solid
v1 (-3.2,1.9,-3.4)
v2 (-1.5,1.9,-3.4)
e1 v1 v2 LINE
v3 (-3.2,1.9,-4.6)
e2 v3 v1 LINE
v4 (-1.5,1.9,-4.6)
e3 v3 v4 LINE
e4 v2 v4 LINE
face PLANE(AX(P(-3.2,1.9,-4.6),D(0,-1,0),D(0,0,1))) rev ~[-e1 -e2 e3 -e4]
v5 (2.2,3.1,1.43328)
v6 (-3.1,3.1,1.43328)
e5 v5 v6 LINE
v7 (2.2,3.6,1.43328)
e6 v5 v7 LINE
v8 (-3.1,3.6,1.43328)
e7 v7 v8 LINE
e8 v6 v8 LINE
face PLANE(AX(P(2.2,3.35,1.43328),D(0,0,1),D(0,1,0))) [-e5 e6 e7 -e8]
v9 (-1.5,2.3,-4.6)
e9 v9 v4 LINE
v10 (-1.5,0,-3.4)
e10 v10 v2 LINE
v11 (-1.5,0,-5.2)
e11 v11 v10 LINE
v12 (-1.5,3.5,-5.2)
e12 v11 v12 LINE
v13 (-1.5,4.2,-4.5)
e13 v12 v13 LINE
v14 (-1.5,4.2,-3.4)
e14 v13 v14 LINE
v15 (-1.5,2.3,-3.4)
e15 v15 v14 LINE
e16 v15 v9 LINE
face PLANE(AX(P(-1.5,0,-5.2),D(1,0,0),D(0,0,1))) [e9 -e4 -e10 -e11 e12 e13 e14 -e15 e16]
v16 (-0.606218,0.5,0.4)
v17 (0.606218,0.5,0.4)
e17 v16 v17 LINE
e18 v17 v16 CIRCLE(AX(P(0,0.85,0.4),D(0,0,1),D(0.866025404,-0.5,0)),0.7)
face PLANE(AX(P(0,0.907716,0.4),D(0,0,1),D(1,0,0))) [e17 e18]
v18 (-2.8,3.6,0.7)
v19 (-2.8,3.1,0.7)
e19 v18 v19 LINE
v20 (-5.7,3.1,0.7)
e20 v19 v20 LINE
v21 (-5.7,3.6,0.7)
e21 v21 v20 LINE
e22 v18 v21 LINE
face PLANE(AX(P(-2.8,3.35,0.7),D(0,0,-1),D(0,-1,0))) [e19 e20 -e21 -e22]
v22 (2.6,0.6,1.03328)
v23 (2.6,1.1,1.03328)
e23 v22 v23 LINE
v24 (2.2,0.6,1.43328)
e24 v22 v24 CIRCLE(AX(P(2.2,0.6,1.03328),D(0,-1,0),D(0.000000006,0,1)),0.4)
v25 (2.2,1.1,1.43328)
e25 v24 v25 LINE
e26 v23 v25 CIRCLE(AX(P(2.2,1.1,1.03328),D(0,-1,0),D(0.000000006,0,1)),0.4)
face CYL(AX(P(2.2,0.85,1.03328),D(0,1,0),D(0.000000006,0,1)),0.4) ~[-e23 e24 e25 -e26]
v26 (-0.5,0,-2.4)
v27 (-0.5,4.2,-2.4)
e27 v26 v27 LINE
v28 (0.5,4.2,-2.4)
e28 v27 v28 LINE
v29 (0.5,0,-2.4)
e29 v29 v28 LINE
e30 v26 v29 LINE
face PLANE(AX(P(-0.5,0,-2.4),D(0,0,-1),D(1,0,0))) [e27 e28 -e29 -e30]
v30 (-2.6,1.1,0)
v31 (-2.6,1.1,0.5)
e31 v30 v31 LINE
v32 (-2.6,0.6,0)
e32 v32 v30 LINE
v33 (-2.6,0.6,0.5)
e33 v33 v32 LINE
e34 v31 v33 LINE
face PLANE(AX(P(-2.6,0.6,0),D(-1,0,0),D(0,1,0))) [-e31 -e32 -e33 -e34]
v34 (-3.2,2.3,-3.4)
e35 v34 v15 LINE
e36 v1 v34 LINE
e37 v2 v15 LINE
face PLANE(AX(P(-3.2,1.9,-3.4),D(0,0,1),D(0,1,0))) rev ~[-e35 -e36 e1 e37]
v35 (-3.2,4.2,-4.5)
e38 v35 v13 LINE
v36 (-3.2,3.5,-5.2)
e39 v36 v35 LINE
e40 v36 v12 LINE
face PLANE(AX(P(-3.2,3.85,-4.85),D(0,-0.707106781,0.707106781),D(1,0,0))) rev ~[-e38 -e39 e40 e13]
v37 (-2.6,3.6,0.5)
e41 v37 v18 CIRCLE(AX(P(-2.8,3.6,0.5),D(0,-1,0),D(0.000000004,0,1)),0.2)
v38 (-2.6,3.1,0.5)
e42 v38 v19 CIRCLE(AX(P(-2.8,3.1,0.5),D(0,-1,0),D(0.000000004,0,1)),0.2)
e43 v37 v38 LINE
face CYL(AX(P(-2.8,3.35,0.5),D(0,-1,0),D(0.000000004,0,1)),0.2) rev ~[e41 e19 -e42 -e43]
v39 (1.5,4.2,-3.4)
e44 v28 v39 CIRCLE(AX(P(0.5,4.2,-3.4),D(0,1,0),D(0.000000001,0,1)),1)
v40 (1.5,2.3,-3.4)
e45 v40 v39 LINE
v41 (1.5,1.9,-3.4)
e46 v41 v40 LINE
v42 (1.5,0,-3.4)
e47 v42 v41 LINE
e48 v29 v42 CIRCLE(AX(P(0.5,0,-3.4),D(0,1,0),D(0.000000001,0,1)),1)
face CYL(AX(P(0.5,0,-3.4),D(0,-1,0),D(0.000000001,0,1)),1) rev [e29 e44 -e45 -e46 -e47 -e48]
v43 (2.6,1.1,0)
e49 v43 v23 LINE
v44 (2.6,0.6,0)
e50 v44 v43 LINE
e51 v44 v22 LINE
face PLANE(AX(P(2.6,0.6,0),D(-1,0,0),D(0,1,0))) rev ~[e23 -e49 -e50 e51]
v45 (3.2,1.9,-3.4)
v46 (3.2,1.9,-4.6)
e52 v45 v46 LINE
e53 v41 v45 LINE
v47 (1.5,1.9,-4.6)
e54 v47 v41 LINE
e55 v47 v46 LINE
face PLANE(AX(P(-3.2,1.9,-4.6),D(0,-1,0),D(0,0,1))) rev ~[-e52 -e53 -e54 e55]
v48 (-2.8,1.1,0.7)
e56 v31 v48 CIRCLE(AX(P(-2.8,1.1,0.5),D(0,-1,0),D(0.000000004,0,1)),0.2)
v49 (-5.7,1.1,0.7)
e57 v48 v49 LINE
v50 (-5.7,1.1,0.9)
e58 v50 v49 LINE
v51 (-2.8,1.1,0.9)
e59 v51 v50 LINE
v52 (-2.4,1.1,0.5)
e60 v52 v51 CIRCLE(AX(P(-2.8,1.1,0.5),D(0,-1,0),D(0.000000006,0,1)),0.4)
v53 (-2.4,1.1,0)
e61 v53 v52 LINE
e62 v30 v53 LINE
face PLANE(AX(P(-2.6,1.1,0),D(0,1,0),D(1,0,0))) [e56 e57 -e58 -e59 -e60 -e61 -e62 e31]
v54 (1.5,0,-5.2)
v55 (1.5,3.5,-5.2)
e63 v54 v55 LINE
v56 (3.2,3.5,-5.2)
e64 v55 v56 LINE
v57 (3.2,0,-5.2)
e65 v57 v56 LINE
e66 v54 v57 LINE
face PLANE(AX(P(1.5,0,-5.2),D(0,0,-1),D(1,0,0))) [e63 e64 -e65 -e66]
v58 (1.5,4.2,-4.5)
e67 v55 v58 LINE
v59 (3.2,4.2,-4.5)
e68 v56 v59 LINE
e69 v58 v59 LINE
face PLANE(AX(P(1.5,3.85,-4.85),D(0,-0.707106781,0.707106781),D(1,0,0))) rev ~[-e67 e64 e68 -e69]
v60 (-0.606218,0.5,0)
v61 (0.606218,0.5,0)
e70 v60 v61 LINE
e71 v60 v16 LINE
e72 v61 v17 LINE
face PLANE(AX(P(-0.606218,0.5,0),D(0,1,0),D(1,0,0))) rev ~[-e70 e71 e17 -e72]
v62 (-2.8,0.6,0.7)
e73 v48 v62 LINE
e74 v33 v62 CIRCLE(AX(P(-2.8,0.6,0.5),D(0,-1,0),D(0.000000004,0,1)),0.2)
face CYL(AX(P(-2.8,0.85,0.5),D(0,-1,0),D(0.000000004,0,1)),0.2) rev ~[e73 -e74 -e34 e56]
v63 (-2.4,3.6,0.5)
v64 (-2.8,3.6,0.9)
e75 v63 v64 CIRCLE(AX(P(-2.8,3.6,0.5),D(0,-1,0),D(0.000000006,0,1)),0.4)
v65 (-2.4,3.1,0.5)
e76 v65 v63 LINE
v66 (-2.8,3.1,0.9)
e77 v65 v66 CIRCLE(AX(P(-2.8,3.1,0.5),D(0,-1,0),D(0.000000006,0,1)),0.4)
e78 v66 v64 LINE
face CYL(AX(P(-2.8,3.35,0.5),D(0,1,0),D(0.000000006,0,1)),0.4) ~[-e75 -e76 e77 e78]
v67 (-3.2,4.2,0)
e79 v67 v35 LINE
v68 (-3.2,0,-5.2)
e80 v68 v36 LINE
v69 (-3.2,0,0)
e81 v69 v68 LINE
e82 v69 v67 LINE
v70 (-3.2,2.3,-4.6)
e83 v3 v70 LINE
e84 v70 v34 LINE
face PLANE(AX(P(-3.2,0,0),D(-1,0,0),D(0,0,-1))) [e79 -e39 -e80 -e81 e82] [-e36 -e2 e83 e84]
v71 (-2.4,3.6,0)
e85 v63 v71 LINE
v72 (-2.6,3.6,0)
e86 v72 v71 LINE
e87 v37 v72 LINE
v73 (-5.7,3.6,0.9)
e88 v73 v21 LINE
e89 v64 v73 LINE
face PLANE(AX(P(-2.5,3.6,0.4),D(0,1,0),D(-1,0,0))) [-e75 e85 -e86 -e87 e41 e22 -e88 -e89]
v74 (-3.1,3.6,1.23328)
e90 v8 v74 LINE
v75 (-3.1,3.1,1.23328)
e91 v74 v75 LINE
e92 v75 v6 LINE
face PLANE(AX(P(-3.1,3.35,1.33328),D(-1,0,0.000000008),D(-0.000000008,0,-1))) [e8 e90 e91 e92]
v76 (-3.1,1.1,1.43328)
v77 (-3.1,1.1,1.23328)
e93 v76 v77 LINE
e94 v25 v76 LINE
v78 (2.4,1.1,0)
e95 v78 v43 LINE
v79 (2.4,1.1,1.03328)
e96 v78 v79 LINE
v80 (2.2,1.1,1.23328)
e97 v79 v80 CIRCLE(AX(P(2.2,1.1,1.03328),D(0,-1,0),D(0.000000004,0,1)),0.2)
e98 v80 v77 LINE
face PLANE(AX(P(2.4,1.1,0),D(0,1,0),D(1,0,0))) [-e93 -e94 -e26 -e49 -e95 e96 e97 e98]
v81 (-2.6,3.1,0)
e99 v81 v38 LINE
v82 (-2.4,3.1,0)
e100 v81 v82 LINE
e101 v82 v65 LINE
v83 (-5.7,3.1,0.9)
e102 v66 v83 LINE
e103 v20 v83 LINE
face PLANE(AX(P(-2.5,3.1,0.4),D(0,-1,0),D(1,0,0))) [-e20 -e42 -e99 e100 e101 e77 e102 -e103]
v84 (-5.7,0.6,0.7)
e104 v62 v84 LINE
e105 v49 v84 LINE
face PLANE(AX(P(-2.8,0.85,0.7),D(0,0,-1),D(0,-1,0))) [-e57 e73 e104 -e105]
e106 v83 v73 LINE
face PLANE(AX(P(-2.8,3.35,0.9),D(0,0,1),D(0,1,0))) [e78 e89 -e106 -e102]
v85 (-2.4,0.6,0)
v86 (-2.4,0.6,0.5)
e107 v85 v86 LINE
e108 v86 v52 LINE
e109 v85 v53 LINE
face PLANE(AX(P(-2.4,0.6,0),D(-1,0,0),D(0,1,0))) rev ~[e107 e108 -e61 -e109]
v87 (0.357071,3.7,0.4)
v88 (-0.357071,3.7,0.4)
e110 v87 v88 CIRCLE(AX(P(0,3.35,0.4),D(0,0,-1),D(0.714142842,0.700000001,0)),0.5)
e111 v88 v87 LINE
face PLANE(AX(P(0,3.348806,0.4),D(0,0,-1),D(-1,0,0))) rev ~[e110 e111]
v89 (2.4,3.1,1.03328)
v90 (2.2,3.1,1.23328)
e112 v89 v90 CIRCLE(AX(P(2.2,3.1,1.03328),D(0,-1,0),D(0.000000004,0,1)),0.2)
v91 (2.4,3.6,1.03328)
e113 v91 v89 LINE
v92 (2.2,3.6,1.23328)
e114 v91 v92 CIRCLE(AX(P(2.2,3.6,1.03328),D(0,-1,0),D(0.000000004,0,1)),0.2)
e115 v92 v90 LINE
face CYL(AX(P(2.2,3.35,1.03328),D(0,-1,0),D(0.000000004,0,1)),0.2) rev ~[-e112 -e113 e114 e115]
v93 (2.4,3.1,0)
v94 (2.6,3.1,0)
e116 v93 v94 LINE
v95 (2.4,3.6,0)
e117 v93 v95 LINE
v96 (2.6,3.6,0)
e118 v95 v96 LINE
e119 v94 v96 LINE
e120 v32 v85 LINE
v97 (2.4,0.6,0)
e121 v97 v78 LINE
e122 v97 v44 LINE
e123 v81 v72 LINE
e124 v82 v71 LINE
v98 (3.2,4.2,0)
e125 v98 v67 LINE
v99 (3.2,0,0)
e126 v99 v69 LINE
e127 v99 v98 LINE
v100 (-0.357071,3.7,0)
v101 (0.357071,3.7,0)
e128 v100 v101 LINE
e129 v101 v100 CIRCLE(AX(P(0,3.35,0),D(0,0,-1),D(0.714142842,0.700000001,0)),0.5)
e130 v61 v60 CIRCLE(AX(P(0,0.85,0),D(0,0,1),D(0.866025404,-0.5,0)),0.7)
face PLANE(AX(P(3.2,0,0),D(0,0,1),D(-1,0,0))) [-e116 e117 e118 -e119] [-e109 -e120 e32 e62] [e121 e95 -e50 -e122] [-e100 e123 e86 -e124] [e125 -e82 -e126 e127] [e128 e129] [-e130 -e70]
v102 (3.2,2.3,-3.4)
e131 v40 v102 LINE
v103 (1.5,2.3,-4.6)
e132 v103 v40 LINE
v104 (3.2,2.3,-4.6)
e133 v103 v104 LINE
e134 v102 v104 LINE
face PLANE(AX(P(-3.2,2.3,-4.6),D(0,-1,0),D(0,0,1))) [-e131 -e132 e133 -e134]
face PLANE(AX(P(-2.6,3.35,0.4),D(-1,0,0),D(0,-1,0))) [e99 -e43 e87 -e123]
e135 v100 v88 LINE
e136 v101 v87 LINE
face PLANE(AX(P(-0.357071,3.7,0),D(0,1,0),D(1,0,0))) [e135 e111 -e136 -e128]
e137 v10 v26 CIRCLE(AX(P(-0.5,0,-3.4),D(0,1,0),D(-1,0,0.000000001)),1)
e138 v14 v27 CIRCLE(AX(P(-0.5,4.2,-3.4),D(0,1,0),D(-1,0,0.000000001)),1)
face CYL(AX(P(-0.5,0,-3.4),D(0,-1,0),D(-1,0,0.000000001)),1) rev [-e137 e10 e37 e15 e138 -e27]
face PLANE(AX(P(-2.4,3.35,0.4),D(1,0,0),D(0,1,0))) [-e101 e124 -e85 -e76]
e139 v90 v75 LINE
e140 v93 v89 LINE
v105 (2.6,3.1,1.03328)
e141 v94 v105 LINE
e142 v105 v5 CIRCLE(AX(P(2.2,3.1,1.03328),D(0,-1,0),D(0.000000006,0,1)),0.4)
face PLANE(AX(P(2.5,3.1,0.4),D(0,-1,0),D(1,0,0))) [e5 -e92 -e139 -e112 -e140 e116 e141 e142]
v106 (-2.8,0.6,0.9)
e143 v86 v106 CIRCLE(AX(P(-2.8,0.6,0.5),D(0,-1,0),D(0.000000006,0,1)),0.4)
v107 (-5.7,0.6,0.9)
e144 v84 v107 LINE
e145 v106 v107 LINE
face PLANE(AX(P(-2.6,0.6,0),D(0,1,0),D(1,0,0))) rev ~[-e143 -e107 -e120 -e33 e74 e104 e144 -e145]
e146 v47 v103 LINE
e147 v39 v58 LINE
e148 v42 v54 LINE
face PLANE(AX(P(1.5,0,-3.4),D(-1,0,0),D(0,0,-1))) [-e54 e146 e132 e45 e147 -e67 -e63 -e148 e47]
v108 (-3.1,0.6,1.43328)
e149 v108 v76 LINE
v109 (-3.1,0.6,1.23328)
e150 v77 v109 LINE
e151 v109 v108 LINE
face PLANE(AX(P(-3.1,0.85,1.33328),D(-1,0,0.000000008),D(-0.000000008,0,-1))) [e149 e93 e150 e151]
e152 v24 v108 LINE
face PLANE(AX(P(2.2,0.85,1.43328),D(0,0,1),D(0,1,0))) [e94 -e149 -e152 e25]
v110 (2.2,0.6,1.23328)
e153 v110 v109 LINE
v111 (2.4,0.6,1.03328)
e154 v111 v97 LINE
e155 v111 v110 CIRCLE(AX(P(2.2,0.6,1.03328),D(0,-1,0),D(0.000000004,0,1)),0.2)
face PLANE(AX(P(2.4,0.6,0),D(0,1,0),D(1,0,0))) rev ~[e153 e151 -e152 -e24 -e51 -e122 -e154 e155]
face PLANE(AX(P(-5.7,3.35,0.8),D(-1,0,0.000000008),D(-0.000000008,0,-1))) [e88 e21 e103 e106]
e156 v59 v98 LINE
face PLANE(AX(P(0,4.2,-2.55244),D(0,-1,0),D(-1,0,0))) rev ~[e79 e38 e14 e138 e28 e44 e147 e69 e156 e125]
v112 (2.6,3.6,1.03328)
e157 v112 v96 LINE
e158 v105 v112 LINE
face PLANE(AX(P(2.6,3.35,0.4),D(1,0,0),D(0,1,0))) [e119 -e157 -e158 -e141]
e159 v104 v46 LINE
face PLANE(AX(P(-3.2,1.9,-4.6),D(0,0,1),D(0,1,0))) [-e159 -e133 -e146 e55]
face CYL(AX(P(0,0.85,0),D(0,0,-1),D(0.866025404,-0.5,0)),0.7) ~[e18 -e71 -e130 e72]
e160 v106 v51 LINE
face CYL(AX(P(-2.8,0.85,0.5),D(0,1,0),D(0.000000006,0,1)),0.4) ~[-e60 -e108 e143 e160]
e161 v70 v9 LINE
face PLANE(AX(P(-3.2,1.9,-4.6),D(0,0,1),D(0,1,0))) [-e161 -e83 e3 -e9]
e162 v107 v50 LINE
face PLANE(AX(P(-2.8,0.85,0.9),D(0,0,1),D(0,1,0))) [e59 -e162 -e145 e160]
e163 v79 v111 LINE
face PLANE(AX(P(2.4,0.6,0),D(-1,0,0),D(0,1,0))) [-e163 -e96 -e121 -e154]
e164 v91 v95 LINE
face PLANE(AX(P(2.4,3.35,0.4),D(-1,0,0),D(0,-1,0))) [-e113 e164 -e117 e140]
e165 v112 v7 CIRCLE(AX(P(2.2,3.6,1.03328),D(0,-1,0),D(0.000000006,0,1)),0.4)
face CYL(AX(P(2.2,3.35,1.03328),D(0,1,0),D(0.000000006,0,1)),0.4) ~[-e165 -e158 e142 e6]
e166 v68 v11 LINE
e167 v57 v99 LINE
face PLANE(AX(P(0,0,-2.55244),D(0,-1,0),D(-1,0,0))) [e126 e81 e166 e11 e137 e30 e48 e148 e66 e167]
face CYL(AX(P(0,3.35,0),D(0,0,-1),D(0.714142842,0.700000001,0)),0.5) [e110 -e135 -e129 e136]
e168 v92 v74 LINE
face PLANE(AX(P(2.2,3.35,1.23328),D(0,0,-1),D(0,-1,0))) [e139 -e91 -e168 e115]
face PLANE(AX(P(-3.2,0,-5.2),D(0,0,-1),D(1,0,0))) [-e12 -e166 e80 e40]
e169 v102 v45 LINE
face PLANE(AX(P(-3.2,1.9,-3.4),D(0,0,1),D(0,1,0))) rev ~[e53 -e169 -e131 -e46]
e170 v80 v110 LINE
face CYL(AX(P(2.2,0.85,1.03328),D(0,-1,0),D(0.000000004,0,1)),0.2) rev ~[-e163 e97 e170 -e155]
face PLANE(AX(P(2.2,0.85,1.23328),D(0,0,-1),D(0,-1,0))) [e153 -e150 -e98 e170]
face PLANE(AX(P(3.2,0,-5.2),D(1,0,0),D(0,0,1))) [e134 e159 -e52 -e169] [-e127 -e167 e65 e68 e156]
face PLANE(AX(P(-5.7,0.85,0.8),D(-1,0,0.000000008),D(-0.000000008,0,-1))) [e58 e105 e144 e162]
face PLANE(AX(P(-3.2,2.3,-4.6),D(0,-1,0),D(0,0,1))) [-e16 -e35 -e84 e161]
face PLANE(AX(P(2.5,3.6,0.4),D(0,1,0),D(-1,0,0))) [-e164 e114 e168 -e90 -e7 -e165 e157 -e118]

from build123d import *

# Parameters (mm, degrees)
EXTRUDE_1_DEPTH     = 4.2
CHAMFER_1_SIZE      = 0.7
SKETCH_2_W          = 1.2
SKETCH_2_H          = 0.4
CUT_EXTRUDE_1_DEPTH = 7.4
SKETCH_3_W          = 0.2
SKETCH_3_H          = 0.5
EXTRUDE_2_DEPTH     = 0.4
SKETCH_4_W          = 0.2
SKETCH_4_H          = 0.5
SKETCH_5_W          = 0.2
SKETCH_5_H          = 0.5


with BuildPart() as part:
    # Эскиз1 → Бобышка-Вытянуть1 (new body)
    with BuildSketch(Plane(origin=(0, 0, 0), x_dir=(1, 0, 0), z_dir=(0, 1, 0))):
        with BuildLine():
            Line((-3.2, 0), (-3.2, 5.2))
            Line((-3.2, 5.2), (-1.5, 5.2))
            Line((-1.5, 5.2), (-1.5, 3.4))
            ThreePointArc((-1.5, 3.4), (-1.207106781, 2.692893219), (-0.5, 2.4))
            Line((-0.5, 2.4), (0.5, 2.4))
            ThreePointArc((0.5, 2.4), (1.207106781, 2.692893219), (1.5, 3.4))
            Line((1.5, 3.4), (1.5, 5.2))
            Line((1.5, 5.2), (3.2, 5.2))
            Line((3.2, 5.2), (3.2, 0))
            Line((3.2, 0), (-3.2, 0))
        make_face()
    extrude(amount=EXTRUDE_1_DEPTH)

    # Фаска1
    chamfer_1_edges = [part.edges().sort_by_distance(p)[0] for p in [
        (2.35, 4.2, -5.2),
        (-2.35, 4.2, -5.2),
    ]]
    chamfer(chamfer_1_edges, length=CHAMFER_1_SIZE)

    # Эскиз2 → Вырез-Вытянуть1 (cut, through all)
    with BuildSketch(Plane.ZY.offset(3.2)):
        with Locations((-4, 2.1)):
            Rectangle(SKETCH_2_W, SKETCH_2_H)
    extrude(amount=-CUT_EXTRUDE_1_DEPTH, mode=Mode.SUBTRACT)

    # Эскиз3 → Бобышка-Вытянуть2 (add)
    with BuildSketch(Plane.XY):
        with BuildLine():
            Line((-0.357071421, 3.7), (0.357071421, 3.7))
            ThreePointArc((0.357071421, 3.7), (0, 2.85), (-0.357071421, 3.7))
        make_face()
        with BuildLine():
            Line((-0.606217783, 0.5), (0.606217783, 0.5))
            ThreePointArc((0.606217783, 0.5), (0, 1.55), (-0.606217783, 0.5))
        make_face()
        with Locations((-2.5, 3.35)):
            Rectangle(SKETCH_3_W, SKETCH_3_H)
        with Locations((2.5, 3.35)):
            Rectangle(SKETCH_3_W, SKETCH_3_H)
        with Locations((2.5, 0.85)):
            Rectangle(SKETCH_3_W, SKETCH_3_H)
        with Locations((-2.5, 0.85)):
            Rectangle(SKETCH_3_W, SKETCH_3_H)
    extrude(amount=EXTRUDE_2_DEPTH)

    # По траектории1: sweep along a curve in space
    with BuildLine() as sweep_1_path:
        Line((2.4, 3.1, 0.4), (2.4, 3.1, 1.033279954))
        ThreePointArc((2.2, 3.1, 1.233279954), (2.341421356, 3.1, 1.17470131), (2.4, 3.1, 1.033279954))
        Line((2.2, 3.1, 1.233279954), (-3.1, 3.1, 1.233279954))
    # Эскиз4 → По траектории1 (sweep)
    with BuildSketch(Plane.XY.offset(0.4)):
        with Locations((2.5, 3.35)):
            Rectangle(SKETCH_4_W, SKETCH_4_H)
        with Locations((2.5, 0.85)):
            Rectangle(SKETCH_4_W, SKETCH_4_H)
    sweep(path=sweep_1_path.line)

    # По траектории2: sweep along a curve in space
    with BuildLine() as sweep_2_path:
        Line((-2.6, 0.6, 0.4), (-2.6, 0.6, 0.5))
        ThreePointArc((-2.8, 0.6, 0.7), (-2.658578644, 0.6, 0.641421356), (-2.6, 0.6, 0.5))
        Line((-2.8, 0.6, 0.7), (-5.7, 0.6, 0.7))
    # Эскиз5 → По траектории2 (sweep)
    with BuildSketch(Plane.XY.offset(0.4)):
        with Locations((-2.5, 3.35)):
            Rectangle(SKETCH_5_W, SKETCH_5_H)
        with Locations((-2.5, 0.85)):
            Rectangle(SKETCH_5_W, SKETCH_5_H)
    sweep(path=sweep_2_path.line)


solid = part.part
